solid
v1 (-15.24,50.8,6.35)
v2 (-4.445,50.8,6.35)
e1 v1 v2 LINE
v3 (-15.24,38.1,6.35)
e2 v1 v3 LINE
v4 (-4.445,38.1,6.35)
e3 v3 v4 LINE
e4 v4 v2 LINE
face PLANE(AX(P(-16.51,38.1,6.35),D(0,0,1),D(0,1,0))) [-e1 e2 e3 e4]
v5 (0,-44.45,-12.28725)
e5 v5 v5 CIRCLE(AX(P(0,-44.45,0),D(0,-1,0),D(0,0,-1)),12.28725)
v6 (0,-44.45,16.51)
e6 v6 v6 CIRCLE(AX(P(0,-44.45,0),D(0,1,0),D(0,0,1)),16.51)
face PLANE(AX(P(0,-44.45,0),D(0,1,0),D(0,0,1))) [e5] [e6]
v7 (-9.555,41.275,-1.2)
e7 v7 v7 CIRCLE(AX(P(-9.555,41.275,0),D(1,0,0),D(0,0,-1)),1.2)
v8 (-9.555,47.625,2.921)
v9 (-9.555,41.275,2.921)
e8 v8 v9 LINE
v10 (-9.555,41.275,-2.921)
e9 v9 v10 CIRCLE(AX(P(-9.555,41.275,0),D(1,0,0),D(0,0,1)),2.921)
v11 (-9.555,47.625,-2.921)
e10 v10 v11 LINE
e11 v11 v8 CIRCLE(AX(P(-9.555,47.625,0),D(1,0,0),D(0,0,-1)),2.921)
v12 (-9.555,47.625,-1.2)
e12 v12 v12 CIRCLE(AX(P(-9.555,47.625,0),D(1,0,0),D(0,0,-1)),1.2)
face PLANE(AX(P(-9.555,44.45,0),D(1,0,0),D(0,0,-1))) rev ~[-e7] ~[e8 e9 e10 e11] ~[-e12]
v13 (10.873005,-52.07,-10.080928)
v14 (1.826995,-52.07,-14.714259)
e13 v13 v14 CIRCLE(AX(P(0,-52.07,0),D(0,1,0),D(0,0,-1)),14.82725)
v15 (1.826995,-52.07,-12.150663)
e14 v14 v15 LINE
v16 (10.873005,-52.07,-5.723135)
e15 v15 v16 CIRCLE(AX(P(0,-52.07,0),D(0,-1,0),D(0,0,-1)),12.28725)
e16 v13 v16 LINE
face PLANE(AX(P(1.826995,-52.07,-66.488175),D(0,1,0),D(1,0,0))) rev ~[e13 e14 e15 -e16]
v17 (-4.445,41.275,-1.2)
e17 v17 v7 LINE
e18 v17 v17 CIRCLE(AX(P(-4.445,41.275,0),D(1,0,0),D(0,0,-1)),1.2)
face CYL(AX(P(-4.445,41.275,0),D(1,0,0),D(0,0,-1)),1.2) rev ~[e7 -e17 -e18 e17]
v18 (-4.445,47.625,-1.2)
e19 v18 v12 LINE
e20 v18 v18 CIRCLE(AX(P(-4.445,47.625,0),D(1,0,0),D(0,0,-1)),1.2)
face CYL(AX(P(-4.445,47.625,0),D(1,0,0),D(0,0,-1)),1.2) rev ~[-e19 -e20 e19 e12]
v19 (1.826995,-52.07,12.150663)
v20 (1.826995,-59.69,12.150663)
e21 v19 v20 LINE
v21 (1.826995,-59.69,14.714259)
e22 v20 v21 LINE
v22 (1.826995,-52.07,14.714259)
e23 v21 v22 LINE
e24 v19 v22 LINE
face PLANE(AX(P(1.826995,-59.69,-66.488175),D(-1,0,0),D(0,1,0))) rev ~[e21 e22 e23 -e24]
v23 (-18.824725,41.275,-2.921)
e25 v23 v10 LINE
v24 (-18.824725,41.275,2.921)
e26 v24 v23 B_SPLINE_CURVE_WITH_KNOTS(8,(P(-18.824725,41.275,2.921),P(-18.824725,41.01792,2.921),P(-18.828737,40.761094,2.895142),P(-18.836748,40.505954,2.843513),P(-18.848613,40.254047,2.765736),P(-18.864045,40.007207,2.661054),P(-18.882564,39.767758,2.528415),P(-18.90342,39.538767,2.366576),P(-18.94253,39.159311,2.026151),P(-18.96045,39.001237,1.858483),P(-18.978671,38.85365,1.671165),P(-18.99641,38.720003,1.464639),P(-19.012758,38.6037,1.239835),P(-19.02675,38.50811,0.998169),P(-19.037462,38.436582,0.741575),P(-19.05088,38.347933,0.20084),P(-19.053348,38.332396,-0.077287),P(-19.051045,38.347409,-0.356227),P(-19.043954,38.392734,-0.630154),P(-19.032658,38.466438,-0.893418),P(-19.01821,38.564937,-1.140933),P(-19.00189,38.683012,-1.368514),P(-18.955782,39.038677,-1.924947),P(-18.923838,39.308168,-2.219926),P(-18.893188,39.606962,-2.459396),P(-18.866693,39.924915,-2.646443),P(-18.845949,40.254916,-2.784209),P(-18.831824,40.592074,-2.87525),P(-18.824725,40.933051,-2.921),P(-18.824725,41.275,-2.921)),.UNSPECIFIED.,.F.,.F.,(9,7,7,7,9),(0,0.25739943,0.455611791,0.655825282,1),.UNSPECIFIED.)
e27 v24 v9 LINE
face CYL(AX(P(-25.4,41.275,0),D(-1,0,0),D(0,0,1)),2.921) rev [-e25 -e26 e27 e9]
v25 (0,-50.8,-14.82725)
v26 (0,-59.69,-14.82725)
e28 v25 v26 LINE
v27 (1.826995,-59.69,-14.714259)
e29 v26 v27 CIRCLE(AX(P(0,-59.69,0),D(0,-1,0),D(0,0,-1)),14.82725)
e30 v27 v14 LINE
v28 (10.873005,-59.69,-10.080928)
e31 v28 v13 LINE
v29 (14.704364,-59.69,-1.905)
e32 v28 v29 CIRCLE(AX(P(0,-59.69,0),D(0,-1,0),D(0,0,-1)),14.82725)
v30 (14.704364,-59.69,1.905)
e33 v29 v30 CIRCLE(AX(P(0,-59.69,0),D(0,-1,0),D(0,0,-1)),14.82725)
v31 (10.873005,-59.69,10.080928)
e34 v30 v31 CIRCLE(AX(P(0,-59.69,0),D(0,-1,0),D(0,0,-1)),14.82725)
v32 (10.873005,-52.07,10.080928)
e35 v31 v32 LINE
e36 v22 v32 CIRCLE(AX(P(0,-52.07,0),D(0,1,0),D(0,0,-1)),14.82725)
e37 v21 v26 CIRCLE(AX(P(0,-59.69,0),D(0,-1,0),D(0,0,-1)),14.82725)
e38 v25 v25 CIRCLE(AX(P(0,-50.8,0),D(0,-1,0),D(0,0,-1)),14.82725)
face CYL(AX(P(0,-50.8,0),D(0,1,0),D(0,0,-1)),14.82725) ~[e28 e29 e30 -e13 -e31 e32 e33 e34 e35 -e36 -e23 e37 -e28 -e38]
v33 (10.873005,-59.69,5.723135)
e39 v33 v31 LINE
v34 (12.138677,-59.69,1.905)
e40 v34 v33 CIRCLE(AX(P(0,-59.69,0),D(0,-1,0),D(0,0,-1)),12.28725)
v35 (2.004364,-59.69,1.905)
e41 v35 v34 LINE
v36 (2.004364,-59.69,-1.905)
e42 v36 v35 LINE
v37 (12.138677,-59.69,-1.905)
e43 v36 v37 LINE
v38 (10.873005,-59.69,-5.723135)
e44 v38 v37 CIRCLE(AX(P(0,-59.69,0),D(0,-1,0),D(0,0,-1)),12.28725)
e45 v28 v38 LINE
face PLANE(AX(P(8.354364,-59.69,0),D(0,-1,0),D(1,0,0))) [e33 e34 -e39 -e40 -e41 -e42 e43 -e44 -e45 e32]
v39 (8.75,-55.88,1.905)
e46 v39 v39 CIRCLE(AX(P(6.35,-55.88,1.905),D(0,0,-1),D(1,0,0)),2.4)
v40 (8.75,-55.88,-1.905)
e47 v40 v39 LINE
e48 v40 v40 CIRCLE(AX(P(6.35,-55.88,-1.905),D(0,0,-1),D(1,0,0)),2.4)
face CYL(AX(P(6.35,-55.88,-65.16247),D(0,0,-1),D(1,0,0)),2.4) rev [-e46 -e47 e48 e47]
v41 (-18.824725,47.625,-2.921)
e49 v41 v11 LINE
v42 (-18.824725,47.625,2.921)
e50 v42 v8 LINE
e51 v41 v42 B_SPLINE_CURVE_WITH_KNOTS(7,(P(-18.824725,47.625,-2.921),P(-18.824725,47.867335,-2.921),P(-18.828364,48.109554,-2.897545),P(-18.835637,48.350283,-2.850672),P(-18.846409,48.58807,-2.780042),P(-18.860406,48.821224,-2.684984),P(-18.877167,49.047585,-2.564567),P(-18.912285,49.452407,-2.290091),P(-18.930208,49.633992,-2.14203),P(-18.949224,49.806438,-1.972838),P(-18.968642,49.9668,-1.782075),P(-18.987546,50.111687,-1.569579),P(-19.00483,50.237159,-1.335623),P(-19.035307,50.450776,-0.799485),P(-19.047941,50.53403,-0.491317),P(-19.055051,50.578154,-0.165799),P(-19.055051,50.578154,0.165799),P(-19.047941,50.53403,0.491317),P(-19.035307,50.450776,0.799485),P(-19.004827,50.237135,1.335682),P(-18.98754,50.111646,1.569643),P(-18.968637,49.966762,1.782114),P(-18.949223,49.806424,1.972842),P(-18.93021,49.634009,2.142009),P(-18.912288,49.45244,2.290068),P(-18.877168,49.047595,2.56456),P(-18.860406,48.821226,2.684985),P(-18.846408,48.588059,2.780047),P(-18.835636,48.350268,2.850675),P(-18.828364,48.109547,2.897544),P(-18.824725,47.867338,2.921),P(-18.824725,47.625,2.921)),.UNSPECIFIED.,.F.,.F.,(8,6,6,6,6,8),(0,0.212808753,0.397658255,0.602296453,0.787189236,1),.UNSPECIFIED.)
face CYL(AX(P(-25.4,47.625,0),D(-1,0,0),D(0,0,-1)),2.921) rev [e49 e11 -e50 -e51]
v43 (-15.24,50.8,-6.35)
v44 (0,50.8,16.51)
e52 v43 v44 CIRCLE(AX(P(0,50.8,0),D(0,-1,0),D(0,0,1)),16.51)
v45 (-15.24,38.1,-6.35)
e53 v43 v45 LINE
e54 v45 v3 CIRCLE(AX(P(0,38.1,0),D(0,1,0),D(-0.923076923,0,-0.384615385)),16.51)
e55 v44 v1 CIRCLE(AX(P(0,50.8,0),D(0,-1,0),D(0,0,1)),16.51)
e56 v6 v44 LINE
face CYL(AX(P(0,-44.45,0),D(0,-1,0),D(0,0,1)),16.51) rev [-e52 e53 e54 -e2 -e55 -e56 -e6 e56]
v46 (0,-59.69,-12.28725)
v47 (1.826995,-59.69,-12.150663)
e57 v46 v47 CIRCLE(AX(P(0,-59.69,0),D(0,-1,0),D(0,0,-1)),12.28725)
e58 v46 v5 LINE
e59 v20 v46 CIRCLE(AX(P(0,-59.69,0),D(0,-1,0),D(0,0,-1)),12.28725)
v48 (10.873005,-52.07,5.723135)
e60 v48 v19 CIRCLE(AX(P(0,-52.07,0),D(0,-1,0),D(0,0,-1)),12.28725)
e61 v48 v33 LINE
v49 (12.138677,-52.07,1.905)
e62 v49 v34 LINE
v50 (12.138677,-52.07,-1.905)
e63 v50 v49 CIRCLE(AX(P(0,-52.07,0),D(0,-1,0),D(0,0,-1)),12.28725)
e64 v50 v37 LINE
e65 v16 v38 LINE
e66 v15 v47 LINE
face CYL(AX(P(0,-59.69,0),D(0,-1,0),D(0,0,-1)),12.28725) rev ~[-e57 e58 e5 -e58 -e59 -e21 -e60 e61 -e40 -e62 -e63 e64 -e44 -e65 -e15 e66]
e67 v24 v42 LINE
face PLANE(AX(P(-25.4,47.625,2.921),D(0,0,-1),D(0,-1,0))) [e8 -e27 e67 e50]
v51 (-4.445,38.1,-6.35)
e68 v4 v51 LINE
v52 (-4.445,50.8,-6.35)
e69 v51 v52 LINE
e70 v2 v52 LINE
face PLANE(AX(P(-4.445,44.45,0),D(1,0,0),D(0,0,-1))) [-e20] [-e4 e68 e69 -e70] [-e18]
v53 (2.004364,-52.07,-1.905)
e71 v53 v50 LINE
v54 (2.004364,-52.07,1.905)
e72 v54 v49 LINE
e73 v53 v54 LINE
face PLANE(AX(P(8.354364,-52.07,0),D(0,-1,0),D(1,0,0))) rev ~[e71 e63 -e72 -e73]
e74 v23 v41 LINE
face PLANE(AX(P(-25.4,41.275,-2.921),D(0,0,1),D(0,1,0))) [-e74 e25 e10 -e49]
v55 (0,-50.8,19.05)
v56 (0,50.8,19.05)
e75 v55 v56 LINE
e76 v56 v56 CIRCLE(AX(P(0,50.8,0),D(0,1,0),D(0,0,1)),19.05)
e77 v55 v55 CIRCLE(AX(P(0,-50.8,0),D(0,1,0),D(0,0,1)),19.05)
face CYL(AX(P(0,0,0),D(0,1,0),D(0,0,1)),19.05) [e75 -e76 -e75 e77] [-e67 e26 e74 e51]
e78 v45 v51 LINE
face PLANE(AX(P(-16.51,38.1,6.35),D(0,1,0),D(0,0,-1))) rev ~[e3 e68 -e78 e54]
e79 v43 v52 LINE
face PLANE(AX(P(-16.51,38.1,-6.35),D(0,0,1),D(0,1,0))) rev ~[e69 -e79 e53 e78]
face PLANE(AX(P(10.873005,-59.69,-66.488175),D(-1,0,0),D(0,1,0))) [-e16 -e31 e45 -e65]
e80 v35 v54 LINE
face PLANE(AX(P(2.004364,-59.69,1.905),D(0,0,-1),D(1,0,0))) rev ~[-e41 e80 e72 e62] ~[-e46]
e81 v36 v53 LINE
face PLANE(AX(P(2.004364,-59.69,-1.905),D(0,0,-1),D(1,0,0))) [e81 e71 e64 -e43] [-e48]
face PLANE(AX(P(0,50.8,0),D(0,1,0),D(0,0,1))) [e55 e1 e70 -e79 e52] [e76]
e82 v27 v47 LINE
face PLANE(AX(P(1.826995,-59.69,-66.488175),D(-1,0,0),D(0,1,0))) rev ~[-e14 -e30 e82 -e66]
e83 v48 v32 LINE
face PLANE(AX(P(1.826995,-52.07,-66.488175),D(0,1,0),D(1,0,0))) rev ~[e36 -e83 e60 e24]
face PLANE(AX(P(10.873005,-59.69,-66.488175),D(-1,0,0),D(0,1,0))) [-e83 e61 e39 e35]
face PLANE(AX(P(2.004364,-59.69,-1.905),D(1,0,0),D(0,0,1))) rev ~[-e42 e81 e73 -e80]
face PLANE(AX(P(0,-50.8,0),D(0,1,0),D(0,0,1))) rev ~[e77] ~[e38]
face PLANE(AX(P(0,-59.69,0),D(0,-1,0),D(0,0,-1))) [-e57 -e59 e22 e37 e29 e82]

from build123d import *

# Parameters (mm, degrees)
SKETCH1_R               = 19.05
BOSS_EXTRUDE1_DEPTH     = 50.8
SKETCH2_R               = 14.82725
BOSS_EXTRUDE2_DEPTH     = 8.89
CUT_EXTRUDE2_DEPTH      = 114.727064061
CUT_EXTRUDE2_DEPTH_BACK = 95.25
SKETCH4_R               = 16.51
CUT_EXTRUDE3_REACH      = 115.727
SKETCH5_R               = 12.28725
BOSS_EXTRUDE3_START     = -16.51
SKETCH8_W               = 12.7
SKETCH8_H               = 12.7
BOSS_EXTRUDE3_DEPTH     = 12.065
CUT_EXTRUDE5_DEPTH      = 66.488175269
CUT_EXTRUDE5_DEPTH_BACK = 66.488175269
SKETCH9_W               = 9.046009644
SKETCH9_H               = 7.62
SKETCH10_W              = 12.7
SKETCH10_H              = 3.81
BOSS_EXTRUDE4_DEPTH     = 7.62
CUT_EXTRUDE6_DEPTH      = 67.067470248
CUT_EXTRUDE6_DEPTH_BACK = 67.067470248
SKETCH11_R              = 2.4
SKETCH12_R              = 1.2
CUT_EXTRUDE7_DEPTH      = 67.916467517
CUT_EXTRUDE8_DEPTH      = 15.845


with BuildPart() as part:
    # Sketch1 → Boss-Extrude1 (new, symmetric)
    with BuildSketch(Plane(origin=(0, 0, 0), x_dir=(1, 0, 0), z_dir=(0, 1, 0))):
        with Locations(Location((0, 0, 0), (0, 0, 270))):
            Circle(SKETCH1_R)
    extrude(amount=BOSS_EXTRUDE1_DEPTH, both=True)

    # Sketch2 → Boss-Extrude2 (add)
    with BuildSketch(Plane.XZ.offset(50.8)):
        with Locations(Location((0, 0, 0), (0, 0, 270))):
            Circle(SKETCH2_R)
    extrude(amount=BOSS_EXTRUDE2_DEPTH)

    # Sketch4 → Cut-Extrude2 (cut, two sides: drawn at the far end of the back side and taken through both)
    with BuildSketch(Plane(origin=(0, 50.8, 0), x_dir=(1, 0, 0), z_dir=(0, 1, 0)).offset(-CUT_EXTRUDE2_DEPTH_BACK)):
        with Locations(Location((0, 0, 0), (0, 0, 270))):
            Circle(SKETCH4_R)
    extrude(amount=CUT_EXTRUDE2_DEPTH + CUT_EXTRUDE2_DEPTH_BACK, mode=Mode.SUBTRACT)

    # Sketch5 → Cut-Extrude3 (cut, up to next)
    with BuildSketch(Plane.XZ.offset(59.69), mode=Mode.PRIVATE) as cut_extrude3_sk1:
        with Locations(Location((0, 0, 0), (0, 0, 270))):
            Circle(SKETCH5_R)
    cut_extrude3_tool1 = extrude(cut_extrude3_sk1.sketch, amount=-CUT_EXTRUDE3_REACH, mode=Mode.PRIVATE) & part.part
    add(cut_extrude3_tool1.solids().sort_by_distance((0, -59.69, 0))[0], mode=Mode.SUBTRACT)

    # Sketch8 → Boss-Extrude3 (add)
    with BuildSketch(Plane(origin=(0, 0, 0), x_dir=(0, 0, -1), z_dir=(1, 0, 0)).offset(BOSS_EXTRUDE3_START)):
        with Locations((0, 44.45)):
            Rectangle(SKETCH8_W, SKETCH8_H)
    extrude(amount=BOSS_EXTRUDE3_DEPTH)

    # Sketch9 → Cut-Extrude5 (cut, two sides: drawn at the far end of the back side and taken through both)
    with BuildSketch(Plane.XY.offset(-CUT_EXTRUDE5_DEPTH_BACK)):
        with Locations((6.35, -55.88)):
            Rectangle(SKETCH9_W, SKETCH9_H)
    extrude(amount=CUT_EXTRUDE5_DEPTH + CUT_EXTRUDE5_DEPTH_BACK, mode=Mode.SUBTRACT)

    # Sketch10 → Boss-Extrude4 (add)
    with BuildSketch(Plane.XZ.offset(59.69)):
        with Locations((8.354363895, 0)):
            Rectangle(SKETCH10_W, SKETCH10_H)
    extrude(amount=-BOSS_EXTRUDE4_DEPTH)

    # Sketch11 → Cut-Extrude6 (cut, two sides: drawn at the far end of the back side and taken through both)
    with BuildSketch(Plane.XY.offset(1.905).offset(-CUT_EXTRUDE6_DEPTH_BACK)):
        with Locations((6.35, -55.88)):
            Circle(SKETCH11_R)
    extrude(amount=CUT_EXTRUDE6_DEPTH + CUT_EXTRUDE6_DEPTH_BACK, mode=Mode.SUBTRACT)

    # Sketch12 → Cut-Extrude7 (cut, through all)
    with BuildSketch(Plane(origin=(-4.445, 0, 0), x_dir=(0, 0, -1), z_dir=(1, 0, 0))):
        with Locations((0, 41.275)):
            Circle(SKETCH12_R)
        with Locations((0, 47.625)):
            Circle(SKETCH12_R)
    extrude(amount=-CUT_EXTRUDE7_DEPTH, mode=Mode.SUBTRACT)

    # Sketch14 → Cut-Extrude8 (cut)
    with BuildSketch(Plane.ZY.offset(25.4)):
        with BuildLine():
            Line((-2.921, 41.275), (-2.921, 47.625))
            ThreePointArc((-2.921, 47.625), (0, 50.546), (2.921, 47.625))
            Line((2.921, 47.625), (2.921, 41.275))
            ThreePointArc((2.921, 41.275), (0, 38.354), (-2.921, 41.275))
        make_face()
    extrude(amount=-CUT_EXTRUDE8_DEPTH, mode=Mode.SUBTRACT)


solid = part.part
